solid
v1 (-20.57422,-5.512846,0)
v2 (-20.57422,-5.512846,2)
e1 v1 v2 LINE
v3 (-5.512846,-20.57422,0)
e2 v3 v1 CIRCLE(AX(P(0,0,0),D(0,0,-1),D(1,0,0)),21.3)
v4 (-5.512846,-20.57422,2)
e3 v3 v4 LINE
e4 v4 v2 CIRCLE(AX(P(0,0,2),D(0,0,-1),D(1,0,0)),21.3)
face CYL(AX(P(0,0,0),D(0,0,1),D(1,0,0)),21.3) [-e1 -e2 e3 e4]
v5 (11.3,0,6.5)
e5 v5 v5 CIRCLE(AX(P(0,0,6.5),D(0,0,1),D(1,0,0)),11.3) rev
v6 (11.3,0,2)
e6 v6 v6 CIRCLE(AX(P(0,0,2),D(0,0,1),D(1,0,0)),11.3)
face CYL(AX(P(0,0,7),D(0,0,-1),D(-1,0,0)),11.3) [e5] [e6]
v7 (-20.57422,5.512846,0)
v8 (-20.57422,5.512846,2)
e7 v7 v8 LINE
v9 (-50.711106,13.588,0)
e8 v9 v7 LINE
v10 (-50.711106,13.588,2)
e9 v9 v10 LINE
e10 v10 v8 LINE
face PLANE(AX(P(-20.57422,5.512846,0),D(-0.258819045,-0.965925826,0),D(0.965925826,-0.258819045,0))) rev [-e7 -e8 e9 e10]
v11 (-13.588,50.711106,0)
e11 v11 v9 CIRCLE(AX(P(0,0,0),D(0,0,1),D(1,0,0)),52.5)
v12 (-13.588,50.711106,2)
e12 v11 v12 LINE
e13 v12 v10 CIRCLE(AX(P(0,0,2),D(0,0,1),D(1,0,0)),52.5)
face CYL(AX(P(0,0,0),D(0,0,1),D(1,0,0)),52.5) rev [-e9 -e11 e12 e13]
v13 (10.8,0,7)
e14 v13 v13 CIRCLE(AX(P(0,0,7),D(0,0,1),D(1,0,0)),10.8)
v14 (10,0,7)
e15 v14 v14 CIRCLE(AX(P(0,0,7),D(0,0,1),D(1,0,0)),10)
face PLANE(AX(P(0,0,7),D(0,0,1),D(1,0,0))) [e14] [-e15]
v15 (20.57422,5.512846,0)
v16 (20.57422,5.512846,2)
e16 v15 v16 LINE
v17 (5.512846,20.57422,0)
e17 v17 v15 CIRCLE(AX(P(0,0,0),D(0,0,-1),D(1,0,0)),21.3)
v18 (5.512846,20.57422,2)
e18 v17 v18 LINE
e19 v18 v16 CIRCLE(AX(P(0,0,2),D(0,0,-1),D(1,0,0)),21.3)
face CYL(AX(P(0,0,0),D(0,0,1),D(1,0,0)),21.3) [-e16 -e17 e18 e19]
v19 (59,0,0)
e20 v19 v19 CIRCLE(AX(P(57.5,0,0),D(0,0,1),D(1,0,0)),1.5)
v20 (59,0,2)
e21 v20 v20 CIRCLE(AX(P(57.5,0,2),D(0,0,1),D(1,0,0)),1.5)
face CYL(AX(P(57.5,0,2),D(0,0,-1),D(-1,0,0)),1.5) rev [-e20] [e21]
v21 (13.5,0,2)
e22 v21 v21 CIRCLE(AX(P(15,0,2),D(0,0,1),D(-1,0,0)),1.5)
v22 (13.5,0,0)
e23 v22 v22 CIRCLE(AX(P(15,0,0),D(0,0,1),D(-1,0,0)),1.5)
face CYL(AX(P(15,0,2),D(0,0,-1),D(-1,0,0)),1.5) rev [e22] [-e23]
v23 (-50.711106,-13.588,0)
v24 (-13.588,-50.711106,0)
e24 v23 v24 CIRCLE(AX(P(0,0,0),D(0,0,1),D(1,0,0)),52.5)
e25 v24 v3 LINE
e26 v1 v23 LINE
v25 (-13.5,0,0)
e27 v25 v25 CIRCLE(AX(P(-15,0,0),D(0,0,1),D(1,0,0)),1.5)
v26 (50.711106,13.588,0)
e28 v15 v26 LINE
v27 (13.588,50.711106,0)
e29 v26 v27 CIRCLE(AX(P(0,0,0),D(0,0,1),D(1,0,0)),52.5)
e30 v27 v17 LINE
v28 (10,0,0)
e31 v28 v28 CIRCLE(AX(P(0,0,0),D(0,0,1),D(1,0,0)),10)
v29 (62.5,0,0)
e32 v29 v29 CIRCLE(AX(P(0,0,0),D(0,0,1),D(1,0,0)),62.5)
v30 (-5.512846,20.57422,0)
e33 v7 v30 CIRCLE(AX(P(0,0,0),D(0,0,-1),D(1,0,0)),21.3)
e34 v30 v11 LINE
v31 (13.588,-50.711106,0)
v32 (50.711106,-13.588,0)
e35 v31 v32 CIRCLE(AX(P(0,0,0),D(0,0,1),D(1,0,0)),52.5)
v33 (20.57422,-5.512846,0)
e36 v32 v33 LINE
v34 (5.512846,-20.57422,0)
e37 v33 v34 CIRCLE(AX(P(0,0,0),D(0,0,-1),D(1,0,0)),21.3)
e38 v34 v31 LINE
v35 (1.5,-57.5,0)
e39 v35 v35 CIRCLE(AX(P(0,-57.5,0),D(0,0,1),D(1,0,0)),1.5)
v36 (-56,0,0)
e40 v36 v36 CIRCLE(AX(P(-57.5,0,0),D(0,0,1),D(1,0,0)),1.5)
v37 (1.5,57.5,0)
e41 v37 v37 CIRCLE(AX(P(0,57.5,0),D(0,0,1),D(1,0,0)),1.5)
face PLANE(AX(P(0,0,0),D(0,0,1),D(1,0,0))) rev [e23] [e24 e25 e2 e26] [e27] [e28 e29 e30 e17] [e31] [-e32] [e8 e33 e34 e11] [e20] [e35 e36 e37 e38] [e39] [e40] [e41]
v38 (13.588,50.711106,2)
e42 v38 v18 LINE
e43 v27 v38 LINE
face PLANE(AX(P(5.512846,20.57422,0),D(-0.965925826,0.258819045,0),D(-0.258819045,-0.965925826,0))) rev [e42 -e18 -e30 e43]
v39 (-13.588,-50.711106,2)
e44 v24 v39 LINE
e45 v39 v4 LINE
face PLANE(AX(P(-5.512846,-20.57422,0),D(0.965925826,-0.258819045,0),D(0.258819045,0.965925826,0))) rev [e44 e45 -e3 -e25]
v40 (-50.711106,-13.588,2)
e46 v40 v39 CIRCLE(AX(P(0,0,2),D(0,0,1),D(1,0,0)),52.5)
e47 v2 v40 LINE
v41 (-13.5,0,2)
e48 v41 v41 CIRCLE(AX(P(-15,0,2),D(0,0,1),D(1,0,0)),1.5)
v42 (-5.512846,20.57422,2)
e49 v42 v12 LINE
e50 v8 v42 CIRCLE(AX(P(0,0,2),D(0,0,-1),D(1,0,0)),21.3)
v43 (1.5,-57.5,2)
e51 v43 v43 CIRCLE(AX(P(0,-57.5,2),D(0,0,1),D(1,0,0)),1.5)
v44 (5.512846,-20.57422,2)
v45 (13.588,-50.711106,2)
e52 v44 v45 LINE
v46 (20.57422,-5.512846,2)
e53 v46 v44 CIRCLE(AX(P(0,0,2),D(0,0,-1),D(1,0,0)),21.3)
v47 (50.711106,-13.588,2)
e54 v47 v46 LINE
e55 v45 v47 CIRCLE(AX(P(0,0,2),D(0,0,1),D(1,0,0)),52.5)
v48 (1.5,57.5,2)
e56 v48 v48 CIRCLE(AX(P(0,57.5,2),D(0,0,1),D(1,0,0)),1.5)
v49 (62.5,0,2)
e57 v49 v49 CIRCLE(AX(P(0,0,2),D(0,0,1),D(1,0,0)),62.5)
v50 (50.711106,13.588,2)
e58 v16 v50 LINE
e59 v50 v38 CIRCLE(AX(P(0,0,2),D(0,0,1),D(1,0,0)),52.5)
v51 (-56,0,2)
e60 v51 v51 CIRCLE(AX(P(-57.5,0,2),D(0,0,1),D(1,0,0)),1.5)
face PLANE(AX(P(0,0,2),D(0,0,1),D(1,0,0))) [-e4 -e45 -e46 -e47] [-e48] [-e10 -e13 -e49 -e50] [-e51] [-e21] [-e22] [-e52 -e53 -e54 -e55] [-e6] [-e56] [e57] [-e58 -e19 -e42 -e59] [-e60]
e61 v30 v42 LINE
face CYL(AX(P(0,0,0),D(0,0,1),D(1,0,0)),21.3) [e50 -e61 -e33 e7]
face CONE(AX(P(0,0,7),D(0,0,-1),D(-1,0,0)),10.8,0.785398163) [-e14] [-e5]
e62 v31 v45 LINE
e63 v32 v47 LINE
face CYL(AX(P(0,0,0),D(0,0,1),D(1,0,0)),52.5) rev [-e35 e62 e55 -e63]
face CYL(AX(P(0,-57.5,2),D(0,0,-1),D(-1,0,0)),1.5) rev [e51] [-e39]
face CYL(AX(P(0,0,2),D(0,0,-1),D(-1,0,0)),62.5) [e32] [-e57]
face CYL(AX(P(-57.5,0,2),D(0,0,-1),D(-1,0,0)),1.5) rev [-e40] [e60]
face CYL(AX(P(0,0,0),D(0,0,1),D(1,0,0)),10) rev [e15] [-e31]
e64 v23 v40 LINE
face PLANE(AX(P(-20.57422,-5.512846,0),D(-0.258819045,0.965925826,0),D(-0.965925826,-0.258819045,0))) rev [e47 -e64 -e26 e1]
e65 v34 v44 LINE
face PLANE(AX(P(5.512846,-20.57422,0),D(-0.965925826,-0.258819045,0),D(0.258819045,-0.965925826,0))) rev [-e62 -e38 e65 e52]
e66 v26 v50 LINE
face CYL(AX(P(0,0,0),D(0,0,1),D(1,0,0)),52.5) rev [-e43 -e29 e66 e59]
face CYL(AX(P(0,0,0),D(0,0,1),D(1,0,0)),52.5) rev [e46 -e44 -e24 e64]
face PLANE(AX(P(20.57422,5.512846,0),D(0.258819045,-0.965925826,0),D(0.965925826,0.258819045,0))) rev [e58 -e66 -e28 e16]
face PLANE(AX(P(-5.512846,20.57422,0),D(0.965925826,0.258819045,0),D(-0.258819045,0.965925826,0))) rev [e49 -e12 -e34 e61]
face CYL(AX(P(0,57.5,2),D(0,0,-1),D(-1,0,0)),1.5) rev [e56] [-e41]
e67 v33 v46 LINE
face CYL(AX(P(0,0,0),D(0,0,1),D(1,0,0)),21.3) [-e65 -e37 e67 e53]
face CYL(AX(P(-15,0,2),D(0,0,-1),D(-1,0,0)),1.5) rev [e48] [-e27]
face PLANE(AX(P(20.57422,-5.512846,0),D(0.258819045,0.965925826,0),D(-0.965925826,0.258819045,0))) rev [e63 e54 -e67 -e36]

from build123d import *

# Parameters (mm, degrees)
SKETCH1_R           = 62.5
SKETCH1_R_2         = 1.5
BOSS_EXTRUDE1_DEPTH = 2
SKETCH2_R           = 11.3
BOSS_EXTRUDE2_DEPTH = 5
SECTORS_DEPTH       = 89.529656048
SKETCH_1_R          = 10
CUT_EXTRUDE_1_DEPTH = 89.665100237
CHAMFER_1_SIZE      = 0.5


with BuildPart() as part:
    # Sketch1 → Boss-Extrude1 (new body)
    with BuildSketch(Plane.XY):
        Circle(SKETCH1_R)
        with Locations((-57.5, 0)):
            Circle(SKETCH1_R_2, mode=Mode.SUBTRACT)
        with Locations((0, 57.5)):
            Circle(SKETCH1_R_2, mode=Mode.SUBTRACT)
        with Locations((57.5, 0)):
            Circle(SKETCH1_R_2, mode=Mode.SUBTRACT)
        with Locations((0, -57.5)):
            Circle(SKETCH1_R_2, mode=Mode.SUBTRACT)
        with Locations((-15, 0)):
            Circle(SKETCH1_R_2, mode=Mode.SUBTRACT)
        with Locations(Location((15, 0, 0), (0, 0, 180))):
            Circle(SKETCH1_R_2, mode=Mode.SUBTRACT)
    extrude(amount=BOSS_EXTRUDE1_DEPTH)

    # Sketch2 → Boss-Extrude2 (add)
    with BuildSketch(Plane.XY.offset(2)):
        Circle(SKETCH2_R)
    extrude(amount=BOSS_EXTRUDE2_DEPTH)

    # Sector (Cut Extrude) → Sectors (cut, through all)
    with BuildSketch(Plane.XY.offset(2)):
        with BuildLine():
            Line((20.5742201, -5.512845661), (50.71110588, -13.587999868))
            ThreePointArc((50.71110588, -13.587999868), (37.123106012, -37.123106012), (13.587999868, -50.71110588))
            Line((13.587999868, -50.71110588), (5.512845661, -20.5742201))
            ThreePointArc((5.512845661, -20.5742201), (15.061374439, -15.061374439), (20.5742201, -5.512845661))
        make_face()
        with BuildLine():
            Line((-20.5742201, -5.512845661), (-50.71110588, -13.587999868))
            ThreePointArc((-50.71110588, -13.587999868), (-37.123106012, -37.123106012), (-13.587999868, -50.71110588))
            Line((-13.587999868, -50.71110588), (-5.512845661, -20.5742201))
            ThreePointArc((-5.512845661, -20.5742201), (-15.061374439, -15.061374439), (-20.5742201, -5.512845661))
        make_face()
        with BuildLine():
            Line((-5.512845661, 20.5742201), (-13.587999868, 50.71110588))
            ThreePointArc((-13.587999868, 50.71110588), (-37.123106012, 37.123106012), (-50.71110588, 13.587999868))
            Line((-50.71110588, 13.587999868), (-20.5742201, 5.512845661))
            ThreePointArc((-20.5742201, 5.512845661), (-15.061374439, 15.061374439), (-5.512845661, 20.5742201))
        make_face()
        with BuildLine():
            Line((20.5742201, 5.512845661), (50.71110588, 13.587999868))
            ThreePointArc((50.71110588, 13.587999868), (37.123106012, 37.123106012), (13.587999868, 50.71110588))
            Line((13.587999868, 50.71110588), (5.512845661, 20.5742201))
            ThreePointArc((5.512845661, 20.5742201), (15.061374439, 15.061374439), (20.5742201, 5.512845661))
        make_face()
    extrude(amount=-SECTORS_DEPTH, mode=Mode.SUBTRACT)

    # Эскиз1 → Вырез-Вытянуть1 (cut, through all)
    with BuildSketch(Plane.XY.offset(7)):
        Circle(SKETCH_1_R)
    extrude(amount=-CUT_EXTRUDE_1_DEPTH, mode=Mode.SUBTRACT)

    # Фаска1
    chamfer_1_edges = [part.edges().sort_by_distance(p)[0] for p in [
        (-11.3, 0, 7),
    ]]
    chamfer(chamfer_1_edges, length=CHAMFER_1_SIZE)


solid = part.part
